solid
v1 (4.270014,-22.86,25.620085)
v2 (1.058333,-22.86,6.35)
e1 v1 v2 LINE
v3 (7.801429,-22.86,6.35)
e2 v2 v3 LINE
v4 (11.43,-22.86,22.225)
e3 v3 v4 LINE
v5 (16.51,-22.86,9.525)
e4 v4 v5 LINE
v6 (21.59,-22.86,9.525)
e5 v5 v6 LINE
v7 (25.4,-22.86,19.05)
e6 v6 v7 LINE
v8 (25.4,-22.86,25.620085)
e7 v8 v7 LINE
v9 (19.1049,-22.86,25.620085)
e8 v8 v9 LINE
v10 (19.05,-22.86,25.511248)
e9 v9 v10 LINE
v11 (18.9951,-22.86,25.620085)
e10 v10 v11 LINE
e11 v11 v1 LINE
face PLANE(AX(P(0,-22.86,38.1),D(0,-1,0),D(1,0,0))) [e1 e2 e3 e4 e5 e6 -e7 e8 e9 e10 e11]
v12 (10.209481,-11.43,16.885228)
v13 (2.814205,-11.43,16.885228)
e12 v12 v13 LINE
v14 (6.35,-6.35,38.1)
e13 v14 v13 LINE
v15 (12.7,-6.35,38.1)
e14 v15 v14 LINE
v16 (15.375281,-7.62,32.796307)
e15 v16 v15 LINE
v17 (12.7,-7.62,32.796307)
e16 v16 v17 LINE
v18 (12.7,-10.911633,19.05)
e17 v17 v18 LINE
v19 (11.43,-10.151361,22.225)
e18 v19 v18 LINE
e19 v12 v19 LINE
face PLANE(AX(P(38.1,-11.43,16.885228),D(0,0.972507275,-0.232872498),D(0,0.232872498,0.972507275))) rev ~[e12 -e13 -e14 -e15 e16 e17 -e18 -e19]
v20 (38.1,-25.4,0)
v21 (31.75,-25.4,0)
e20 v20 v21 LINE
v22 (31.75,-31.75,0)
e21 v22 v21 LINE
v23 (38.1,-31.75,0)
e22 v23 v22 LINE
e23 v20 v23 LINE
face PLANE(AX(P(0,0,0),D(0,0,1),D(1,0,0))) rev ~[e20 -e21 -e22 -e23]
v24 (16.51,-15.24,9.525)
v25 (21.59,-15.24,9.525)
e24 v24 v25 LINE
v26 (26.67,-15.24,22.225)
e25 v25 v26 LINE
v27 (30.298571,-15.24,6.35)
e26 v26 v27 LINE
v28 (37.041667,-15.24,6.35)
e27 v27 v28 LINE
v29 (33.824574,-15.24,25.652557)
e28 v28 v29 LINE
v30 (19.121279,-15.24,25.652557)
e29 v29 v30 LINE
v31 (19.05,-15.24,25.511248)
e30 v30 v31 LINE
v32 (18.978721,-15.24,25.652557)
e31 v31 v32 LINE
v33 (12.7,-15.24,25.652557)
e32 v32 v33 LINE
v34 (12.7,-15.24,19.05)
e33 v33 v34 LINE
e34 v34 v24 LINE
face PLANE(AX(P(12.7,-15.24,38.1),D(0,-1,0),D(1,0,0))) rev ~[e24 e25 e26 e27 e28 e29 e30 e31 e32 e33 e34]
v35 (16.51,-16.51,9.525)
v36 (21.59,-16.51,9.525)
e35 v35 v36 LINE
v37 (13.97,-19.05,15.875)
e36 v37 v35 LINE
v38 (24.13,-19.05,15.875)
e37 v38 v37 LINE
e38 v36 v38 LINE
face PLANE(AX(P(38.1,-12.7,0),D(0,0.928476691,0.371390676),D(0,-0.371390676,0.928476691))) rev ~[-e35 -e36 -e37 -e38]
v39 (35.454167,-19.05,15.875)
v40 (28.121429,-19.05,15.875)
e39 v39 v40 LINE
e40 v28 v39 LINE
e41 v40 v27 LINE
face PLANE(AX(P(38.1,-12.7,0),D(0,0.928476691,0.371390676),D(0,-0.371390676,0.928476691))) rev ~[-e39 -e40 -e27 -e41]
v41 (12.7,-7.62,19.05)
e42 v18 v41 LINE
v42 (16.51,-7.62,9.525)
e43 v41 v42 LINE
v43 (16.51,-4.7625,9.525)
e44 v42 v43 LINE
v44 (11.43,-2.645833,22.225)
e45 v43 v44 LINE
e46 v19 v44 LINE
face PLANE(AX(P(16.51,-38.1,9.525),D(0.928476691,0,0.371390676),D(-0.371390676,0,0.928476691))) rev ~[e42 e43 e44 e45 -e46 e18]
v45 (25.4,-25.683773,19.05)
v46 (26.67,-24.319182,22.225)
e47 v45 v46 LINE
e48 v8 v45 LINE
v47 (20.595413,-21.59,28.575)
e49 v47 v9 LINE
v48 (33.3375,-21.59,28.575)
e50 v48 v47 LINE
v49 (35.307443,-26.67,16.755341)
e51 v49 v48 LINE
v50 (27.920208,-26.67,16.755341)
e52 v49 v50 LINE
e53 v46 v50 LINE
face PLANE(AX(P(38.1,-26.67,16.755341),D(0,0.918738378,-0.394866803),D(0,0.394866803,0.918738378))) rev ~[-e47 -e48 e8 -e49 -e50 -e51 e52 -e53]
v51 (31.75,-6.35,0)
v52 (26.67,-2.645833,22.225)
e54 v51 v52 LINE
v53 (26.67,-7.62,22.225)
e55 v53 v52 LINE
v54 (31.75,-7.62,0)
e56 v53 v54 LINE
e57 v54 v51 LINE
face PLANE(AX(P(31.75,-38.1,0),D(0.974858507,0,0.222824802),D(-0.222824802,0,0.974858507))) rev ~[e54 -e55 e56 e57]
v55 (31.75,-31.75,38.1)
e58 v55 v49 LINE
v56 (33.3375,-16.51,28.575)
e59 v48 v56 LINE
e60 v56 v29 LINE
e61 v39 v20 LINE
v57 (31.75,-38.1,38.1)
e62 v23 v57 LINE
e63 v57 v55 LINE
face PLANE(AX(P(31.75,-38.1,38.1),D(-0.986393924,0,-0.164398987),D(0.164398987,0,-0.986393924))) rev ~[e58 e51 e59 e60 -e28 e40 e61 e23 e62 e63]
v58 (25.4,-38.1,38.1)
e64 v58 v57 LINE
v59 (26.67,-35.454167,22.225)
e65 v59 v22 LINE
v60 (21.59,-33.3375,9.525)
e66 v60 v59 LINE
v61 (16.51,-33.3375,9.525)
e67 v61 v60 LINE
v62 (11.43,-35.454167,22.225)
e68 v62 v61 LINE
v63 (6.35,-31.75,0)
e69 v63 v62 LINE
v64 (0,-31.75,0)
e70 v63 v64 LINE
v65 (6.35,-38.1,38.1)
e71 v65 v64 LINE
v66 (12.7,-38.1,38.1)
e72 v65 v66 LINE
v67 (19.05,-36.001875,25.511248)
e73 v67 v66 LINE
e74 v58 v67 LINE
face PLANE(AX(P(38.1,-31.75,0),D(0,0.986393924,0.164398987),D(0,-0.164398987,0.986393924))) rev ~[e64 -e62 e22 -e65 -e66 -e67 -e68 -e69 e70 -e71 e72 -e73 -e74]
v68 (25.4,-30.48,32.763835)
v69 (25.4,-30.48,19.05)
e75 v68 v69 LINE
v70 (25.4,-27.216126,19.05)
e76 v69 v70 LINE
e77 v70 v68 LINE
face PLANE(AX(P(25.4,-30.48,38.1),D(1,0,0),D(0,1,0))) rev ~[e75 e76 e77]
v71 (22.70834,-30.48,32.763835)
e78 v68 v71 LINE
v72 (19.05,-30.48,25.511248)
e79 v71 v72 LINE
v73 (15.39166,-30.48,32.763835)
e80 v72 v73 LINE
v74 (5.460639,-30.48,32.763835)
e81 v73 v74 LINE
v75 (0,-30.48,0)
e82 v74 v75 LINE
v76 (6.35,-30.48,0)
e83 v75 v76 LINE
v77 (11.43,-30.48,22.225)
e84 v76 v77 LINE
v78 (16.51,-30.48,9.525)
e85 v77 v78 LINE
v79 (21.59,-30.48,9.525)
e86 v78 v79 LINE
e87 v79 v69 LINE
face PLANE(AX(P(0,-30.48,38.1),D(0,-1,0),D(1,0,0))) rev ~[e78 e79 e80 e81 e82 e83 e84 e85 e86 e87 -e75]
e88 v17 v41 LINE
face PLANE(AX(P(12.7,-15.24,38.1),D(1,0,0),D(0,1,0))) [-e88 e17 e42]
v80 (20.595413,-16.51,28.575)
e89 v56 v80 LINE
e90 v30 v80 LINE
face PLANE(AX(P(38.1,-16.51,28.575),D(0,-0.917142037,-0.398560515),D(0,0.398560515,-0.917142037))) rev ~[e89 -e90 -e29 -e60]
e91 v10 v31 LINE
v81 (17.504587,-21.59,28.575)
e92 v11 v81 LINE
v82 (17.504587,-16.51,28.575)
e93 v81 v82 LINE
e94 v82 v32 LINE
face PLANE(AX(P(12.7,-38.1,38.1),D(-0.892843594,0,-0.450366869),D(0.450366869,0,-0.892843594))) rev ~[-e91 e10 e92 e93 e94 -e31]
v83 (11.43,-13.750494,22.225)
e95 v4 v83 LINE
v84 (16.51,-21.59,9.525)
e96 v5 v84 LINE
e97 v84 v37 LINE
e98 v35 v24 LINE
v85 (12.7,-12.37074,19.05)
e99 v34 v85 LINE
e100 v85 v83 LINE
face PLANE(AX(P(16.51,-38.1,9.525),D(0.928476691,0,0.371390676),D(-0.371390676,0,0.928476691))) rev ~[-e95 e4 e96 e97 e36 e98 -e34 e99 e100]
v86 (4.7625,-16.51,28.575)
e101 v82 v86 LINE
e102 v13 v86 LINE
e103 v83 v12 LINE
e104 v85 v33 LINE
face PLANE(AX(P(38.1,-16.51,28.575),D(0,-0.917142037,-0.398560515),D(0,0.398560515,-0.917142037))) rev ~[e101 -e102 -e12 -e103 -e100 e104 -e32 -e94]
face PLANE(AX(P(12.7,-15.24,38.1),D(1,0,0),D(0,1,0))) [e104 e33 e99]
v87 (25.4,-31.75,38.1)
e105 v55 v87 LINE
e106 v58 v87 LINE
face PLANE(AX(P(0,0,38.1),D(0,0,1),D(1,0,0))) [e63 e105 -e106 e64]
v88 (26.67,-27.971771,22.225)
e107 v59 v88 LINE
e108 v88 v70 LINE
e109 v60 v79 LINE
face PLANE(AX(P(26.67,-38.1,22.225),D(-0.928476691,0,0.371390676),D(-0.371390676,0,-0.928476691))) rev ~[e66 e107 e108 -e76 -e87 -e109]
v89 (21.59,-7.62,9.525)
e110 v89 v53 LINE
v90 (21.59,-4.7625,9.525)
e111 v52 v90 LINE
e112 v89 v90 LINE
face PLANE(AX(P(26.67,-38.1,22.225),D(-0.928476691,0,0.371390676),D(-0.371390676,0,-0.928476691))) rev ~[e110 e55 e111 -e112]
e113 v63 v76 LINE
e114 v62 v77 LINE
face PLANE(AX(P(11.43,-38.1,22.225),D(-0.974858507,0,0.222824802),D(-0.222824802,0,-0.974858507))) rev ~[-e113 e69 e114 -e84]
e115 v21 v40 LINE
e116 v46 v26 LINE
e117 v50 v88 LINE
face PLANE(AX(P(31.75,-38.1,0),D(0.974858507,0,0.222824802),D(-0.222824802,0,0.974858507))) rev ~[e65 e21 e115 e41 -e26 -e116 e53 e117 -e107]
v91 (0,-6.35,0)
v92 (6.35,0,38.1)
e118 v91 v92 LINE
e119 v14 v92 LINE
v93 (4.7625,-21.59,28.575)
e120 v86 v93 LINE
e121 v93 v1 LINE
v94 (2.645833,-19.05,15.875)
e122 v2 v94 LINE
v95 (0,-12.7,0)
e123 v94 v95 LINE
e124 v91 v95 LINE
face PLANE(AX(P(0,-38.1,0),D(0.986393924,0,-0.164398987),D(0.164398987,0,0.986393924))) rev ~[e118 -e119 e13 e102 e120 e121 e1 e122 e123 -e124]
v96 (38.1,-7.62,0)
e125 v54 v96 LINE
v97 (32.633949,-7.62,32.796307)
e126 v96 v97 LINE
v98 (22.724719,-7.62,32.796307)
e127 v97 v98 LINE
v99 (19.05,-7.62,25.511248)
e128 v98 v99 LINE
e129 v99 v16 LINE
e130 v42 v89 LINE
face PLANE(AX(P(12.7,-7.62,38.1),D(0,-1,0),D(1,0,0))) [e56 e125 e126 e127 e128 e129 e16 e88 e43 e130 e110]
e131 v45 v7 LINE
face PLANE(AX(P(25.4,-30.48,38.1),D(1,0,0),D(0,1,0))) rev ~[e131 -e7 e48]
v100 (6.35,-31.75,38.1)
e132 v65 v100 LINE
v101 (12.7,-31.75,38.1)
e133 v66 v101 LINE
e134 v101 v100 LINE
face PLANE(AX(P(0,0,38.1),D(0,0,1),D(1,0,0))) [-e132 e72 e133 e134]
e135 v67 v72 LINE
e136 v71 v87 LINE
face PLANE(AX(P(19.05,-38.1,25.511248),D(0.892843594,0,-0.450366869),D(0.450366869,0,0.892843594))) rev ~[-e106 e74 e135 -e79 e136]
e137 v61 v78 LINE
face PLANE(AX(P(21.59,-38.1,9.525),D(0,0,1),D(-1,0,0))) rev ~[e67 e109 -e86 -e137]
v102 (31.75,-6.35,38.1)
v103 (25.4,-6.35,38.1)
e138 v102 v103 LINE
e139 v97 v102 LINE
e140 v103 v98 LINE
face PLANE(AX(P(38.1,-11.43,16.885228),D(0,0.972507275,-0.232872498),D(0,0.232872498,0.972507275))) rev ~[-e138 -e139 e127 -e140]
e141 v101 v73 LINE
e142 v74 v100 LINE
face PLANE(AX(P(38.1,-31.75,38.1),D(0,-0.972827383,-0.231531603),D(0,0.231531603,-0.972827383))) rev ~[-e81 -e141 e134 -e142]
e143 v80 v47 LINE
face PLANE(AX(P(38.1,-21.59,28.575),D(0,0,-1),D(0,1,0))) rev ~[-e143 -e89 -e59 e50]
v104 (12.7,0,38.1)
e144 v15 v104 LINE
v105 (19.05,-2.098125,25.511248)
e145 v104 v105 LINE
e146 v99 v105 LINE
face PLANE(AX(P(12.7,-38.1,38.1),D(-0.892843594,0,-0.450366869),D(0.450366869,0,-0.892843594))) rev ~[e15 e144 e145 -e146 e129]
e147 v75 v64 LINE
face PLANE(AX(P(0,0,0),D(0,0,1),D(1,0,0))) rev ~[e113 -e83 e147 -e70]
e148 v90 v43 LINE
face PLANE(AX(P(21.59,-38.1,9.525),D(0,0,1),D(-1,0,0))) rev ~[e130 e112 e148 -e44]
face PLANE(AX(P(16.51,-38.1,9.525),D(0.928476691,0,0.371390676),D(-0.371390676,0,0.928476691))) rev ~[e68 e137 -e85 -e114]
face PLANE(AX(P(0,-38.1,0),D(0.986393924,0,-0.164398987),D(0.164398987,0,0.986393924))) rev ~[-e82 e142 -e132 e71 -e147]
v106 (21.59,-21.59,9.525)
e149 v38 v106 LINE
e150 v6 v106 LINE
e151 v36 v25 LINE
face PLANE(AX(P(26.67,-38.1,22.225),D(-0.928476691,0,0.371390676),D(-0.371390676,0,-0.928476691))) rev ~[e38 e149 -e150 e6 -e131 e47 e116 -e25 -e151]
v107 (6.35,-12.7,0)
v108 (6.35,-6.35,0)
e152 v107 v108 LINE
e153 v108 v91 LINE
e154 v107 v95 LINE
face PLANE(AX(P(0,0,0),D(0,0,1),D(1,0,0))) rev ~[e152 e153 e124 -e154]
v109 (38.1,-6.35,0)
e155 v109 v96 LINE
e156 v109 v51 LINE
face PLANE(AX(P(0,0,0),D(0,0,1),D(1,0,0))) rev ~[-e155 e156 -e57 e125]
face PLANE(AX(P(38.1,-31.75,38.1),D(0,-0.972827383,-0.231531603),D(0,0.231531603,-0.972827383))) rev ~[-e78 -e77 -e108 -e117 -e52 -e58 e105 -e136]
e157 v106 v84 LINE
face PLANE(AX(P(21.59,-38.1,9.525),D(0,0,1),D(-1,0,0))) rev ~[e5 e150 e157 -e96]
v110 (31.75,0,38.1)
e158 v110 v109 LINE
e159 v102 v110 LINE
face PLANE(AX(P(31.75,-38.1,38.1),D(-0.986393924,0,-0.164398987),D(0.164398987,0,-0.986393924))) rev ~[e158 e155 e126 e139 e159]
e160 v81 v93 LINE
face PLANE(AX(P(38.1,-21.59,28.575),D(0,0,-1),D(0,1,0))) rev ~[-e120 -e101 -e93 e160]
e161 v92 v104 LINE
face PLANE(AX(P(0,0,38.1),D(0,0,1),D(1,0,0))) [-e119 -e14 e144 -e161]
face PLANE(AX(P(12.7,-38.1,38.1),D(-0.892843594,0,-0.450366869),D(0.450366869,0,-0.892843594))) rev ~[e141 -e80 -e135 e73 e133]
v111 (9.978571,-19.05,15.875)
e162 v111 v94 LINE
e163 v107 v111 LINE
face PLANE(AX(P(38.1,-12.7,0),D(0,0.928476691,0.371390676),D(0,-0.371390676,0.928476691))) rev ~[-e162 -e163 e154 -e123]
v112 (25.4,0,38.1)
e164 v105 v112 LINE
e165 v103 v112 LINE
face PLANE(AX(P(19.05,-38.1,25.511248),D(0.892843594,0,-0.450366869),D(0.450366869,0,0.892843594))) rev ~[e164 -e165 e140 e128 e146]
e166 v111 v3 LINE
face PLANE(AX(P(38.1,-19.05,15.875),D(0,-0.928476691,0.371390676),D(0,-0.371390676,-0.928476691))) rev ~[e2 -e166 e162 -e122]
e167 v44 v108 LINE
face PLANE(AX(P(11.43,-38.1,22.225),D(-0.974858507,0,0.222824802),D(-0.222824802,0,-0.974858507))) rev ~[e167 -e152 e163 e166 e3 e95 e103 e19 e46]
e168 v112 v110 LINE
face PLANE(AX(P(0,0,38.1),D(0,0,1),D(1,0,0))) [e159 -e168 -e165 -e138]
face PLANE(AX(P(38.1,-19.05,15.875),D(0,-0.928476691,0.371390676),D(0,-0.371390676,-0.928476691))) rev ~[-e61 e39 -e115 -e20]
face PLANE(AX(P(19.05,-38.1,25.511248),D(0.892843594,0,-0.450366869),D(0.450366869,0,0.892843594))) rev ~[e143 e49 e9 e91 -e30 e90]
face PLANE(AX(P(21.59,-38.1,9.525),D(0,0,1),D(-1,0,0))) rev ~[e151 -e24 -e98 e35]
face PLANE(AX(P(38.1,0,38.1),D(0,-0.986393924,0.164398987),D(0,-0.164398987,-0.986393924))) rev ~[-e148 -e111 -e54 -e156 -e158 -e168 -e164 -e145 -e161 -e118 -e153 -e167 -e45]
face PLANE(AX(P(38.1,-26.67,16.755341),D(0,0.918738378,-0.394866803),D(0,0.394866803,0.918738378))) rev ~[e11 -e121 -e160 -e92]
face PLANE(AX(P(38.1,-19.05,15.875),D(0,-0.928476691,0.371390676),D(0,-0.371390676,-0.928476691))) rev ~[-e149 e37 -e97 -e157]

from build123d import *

# Parameters (mm, degrees)
F0_W     = 38.1
F0_H     = 38.1
F1_DEPTH = 38.1
F5_DEPTH = 38.1
F7_DEPTH = 38.1
F8_W     = 25.4
F8_H     = 7.62
F9_DEPTH = 38.1


with BuildPart() as f1:
    # F0 (on Front) → F1 (new body)
    with BuildSketch(Plane.XZ):
        with Locations((19.05, 19.05)):
            Rectangle(F0_W, F0_H)
    extrude(amount=F1_DEPTH)

    # F4 (on face) → F5 (cut)
    with BuildSketch(Plane.YZ.offset(38.1)):
        Polygon((-6.35, 38.1), (-31.75, 38.1), (-26.67, 16.755341), (-21.59, 28.575), (-16.51, 28.575), (-11.43, 16.885228), align=None)
        Polygon((-31.75, 0), (-38.1, 38.1), (-38.1, 0), align=None)
        Polygon((-19.05, 15.875), (-25.4, 0), (-12.7, 0), align=None)
        Polygon((0, 0), (0, 38.1), (-6.35, 0), align=None)
    extrude(amount=-F5_DEPTH, mode=Mode.SUBTRACT)

    # F6 (on offset) → F7 (cut)
    with BuildSketch(Plane.XZ.offset(38.1)):
        Polygon((0, 38.1), (0, 0), (6.35, 38.1), align=None)
        Polygon((25.4, 38.1), (12.7, 38.1), (19.05, 25.511248), align=None)
        Polygon((11.43, 22.225), (6.35, 0), (31.75, 0), (26.67, 22.225), (21.59, 9.525), (16.51, 9.525), align=None)
        Polygon((31.75, 38.1), (38.1, 0), (38.1, 38.1), align=None)
    extrude(amount=-F7_DEPTH, mode=Mode.SUBTRACT)

    # F8 (on offset) → F9 (cut)
    with BuildSketch(Plane.XY.offset(38.1)):
        with Locations((25.4, -11.43)):
            Rectangle(F8_W, F8_H)
        with Locations((12.7, -26.67)):
            Rectangle(F8_W, F8_H)
    extrude(amount=-F9_DEPTH, mode=Mode.SUBTRACT)


solid = f1.part
